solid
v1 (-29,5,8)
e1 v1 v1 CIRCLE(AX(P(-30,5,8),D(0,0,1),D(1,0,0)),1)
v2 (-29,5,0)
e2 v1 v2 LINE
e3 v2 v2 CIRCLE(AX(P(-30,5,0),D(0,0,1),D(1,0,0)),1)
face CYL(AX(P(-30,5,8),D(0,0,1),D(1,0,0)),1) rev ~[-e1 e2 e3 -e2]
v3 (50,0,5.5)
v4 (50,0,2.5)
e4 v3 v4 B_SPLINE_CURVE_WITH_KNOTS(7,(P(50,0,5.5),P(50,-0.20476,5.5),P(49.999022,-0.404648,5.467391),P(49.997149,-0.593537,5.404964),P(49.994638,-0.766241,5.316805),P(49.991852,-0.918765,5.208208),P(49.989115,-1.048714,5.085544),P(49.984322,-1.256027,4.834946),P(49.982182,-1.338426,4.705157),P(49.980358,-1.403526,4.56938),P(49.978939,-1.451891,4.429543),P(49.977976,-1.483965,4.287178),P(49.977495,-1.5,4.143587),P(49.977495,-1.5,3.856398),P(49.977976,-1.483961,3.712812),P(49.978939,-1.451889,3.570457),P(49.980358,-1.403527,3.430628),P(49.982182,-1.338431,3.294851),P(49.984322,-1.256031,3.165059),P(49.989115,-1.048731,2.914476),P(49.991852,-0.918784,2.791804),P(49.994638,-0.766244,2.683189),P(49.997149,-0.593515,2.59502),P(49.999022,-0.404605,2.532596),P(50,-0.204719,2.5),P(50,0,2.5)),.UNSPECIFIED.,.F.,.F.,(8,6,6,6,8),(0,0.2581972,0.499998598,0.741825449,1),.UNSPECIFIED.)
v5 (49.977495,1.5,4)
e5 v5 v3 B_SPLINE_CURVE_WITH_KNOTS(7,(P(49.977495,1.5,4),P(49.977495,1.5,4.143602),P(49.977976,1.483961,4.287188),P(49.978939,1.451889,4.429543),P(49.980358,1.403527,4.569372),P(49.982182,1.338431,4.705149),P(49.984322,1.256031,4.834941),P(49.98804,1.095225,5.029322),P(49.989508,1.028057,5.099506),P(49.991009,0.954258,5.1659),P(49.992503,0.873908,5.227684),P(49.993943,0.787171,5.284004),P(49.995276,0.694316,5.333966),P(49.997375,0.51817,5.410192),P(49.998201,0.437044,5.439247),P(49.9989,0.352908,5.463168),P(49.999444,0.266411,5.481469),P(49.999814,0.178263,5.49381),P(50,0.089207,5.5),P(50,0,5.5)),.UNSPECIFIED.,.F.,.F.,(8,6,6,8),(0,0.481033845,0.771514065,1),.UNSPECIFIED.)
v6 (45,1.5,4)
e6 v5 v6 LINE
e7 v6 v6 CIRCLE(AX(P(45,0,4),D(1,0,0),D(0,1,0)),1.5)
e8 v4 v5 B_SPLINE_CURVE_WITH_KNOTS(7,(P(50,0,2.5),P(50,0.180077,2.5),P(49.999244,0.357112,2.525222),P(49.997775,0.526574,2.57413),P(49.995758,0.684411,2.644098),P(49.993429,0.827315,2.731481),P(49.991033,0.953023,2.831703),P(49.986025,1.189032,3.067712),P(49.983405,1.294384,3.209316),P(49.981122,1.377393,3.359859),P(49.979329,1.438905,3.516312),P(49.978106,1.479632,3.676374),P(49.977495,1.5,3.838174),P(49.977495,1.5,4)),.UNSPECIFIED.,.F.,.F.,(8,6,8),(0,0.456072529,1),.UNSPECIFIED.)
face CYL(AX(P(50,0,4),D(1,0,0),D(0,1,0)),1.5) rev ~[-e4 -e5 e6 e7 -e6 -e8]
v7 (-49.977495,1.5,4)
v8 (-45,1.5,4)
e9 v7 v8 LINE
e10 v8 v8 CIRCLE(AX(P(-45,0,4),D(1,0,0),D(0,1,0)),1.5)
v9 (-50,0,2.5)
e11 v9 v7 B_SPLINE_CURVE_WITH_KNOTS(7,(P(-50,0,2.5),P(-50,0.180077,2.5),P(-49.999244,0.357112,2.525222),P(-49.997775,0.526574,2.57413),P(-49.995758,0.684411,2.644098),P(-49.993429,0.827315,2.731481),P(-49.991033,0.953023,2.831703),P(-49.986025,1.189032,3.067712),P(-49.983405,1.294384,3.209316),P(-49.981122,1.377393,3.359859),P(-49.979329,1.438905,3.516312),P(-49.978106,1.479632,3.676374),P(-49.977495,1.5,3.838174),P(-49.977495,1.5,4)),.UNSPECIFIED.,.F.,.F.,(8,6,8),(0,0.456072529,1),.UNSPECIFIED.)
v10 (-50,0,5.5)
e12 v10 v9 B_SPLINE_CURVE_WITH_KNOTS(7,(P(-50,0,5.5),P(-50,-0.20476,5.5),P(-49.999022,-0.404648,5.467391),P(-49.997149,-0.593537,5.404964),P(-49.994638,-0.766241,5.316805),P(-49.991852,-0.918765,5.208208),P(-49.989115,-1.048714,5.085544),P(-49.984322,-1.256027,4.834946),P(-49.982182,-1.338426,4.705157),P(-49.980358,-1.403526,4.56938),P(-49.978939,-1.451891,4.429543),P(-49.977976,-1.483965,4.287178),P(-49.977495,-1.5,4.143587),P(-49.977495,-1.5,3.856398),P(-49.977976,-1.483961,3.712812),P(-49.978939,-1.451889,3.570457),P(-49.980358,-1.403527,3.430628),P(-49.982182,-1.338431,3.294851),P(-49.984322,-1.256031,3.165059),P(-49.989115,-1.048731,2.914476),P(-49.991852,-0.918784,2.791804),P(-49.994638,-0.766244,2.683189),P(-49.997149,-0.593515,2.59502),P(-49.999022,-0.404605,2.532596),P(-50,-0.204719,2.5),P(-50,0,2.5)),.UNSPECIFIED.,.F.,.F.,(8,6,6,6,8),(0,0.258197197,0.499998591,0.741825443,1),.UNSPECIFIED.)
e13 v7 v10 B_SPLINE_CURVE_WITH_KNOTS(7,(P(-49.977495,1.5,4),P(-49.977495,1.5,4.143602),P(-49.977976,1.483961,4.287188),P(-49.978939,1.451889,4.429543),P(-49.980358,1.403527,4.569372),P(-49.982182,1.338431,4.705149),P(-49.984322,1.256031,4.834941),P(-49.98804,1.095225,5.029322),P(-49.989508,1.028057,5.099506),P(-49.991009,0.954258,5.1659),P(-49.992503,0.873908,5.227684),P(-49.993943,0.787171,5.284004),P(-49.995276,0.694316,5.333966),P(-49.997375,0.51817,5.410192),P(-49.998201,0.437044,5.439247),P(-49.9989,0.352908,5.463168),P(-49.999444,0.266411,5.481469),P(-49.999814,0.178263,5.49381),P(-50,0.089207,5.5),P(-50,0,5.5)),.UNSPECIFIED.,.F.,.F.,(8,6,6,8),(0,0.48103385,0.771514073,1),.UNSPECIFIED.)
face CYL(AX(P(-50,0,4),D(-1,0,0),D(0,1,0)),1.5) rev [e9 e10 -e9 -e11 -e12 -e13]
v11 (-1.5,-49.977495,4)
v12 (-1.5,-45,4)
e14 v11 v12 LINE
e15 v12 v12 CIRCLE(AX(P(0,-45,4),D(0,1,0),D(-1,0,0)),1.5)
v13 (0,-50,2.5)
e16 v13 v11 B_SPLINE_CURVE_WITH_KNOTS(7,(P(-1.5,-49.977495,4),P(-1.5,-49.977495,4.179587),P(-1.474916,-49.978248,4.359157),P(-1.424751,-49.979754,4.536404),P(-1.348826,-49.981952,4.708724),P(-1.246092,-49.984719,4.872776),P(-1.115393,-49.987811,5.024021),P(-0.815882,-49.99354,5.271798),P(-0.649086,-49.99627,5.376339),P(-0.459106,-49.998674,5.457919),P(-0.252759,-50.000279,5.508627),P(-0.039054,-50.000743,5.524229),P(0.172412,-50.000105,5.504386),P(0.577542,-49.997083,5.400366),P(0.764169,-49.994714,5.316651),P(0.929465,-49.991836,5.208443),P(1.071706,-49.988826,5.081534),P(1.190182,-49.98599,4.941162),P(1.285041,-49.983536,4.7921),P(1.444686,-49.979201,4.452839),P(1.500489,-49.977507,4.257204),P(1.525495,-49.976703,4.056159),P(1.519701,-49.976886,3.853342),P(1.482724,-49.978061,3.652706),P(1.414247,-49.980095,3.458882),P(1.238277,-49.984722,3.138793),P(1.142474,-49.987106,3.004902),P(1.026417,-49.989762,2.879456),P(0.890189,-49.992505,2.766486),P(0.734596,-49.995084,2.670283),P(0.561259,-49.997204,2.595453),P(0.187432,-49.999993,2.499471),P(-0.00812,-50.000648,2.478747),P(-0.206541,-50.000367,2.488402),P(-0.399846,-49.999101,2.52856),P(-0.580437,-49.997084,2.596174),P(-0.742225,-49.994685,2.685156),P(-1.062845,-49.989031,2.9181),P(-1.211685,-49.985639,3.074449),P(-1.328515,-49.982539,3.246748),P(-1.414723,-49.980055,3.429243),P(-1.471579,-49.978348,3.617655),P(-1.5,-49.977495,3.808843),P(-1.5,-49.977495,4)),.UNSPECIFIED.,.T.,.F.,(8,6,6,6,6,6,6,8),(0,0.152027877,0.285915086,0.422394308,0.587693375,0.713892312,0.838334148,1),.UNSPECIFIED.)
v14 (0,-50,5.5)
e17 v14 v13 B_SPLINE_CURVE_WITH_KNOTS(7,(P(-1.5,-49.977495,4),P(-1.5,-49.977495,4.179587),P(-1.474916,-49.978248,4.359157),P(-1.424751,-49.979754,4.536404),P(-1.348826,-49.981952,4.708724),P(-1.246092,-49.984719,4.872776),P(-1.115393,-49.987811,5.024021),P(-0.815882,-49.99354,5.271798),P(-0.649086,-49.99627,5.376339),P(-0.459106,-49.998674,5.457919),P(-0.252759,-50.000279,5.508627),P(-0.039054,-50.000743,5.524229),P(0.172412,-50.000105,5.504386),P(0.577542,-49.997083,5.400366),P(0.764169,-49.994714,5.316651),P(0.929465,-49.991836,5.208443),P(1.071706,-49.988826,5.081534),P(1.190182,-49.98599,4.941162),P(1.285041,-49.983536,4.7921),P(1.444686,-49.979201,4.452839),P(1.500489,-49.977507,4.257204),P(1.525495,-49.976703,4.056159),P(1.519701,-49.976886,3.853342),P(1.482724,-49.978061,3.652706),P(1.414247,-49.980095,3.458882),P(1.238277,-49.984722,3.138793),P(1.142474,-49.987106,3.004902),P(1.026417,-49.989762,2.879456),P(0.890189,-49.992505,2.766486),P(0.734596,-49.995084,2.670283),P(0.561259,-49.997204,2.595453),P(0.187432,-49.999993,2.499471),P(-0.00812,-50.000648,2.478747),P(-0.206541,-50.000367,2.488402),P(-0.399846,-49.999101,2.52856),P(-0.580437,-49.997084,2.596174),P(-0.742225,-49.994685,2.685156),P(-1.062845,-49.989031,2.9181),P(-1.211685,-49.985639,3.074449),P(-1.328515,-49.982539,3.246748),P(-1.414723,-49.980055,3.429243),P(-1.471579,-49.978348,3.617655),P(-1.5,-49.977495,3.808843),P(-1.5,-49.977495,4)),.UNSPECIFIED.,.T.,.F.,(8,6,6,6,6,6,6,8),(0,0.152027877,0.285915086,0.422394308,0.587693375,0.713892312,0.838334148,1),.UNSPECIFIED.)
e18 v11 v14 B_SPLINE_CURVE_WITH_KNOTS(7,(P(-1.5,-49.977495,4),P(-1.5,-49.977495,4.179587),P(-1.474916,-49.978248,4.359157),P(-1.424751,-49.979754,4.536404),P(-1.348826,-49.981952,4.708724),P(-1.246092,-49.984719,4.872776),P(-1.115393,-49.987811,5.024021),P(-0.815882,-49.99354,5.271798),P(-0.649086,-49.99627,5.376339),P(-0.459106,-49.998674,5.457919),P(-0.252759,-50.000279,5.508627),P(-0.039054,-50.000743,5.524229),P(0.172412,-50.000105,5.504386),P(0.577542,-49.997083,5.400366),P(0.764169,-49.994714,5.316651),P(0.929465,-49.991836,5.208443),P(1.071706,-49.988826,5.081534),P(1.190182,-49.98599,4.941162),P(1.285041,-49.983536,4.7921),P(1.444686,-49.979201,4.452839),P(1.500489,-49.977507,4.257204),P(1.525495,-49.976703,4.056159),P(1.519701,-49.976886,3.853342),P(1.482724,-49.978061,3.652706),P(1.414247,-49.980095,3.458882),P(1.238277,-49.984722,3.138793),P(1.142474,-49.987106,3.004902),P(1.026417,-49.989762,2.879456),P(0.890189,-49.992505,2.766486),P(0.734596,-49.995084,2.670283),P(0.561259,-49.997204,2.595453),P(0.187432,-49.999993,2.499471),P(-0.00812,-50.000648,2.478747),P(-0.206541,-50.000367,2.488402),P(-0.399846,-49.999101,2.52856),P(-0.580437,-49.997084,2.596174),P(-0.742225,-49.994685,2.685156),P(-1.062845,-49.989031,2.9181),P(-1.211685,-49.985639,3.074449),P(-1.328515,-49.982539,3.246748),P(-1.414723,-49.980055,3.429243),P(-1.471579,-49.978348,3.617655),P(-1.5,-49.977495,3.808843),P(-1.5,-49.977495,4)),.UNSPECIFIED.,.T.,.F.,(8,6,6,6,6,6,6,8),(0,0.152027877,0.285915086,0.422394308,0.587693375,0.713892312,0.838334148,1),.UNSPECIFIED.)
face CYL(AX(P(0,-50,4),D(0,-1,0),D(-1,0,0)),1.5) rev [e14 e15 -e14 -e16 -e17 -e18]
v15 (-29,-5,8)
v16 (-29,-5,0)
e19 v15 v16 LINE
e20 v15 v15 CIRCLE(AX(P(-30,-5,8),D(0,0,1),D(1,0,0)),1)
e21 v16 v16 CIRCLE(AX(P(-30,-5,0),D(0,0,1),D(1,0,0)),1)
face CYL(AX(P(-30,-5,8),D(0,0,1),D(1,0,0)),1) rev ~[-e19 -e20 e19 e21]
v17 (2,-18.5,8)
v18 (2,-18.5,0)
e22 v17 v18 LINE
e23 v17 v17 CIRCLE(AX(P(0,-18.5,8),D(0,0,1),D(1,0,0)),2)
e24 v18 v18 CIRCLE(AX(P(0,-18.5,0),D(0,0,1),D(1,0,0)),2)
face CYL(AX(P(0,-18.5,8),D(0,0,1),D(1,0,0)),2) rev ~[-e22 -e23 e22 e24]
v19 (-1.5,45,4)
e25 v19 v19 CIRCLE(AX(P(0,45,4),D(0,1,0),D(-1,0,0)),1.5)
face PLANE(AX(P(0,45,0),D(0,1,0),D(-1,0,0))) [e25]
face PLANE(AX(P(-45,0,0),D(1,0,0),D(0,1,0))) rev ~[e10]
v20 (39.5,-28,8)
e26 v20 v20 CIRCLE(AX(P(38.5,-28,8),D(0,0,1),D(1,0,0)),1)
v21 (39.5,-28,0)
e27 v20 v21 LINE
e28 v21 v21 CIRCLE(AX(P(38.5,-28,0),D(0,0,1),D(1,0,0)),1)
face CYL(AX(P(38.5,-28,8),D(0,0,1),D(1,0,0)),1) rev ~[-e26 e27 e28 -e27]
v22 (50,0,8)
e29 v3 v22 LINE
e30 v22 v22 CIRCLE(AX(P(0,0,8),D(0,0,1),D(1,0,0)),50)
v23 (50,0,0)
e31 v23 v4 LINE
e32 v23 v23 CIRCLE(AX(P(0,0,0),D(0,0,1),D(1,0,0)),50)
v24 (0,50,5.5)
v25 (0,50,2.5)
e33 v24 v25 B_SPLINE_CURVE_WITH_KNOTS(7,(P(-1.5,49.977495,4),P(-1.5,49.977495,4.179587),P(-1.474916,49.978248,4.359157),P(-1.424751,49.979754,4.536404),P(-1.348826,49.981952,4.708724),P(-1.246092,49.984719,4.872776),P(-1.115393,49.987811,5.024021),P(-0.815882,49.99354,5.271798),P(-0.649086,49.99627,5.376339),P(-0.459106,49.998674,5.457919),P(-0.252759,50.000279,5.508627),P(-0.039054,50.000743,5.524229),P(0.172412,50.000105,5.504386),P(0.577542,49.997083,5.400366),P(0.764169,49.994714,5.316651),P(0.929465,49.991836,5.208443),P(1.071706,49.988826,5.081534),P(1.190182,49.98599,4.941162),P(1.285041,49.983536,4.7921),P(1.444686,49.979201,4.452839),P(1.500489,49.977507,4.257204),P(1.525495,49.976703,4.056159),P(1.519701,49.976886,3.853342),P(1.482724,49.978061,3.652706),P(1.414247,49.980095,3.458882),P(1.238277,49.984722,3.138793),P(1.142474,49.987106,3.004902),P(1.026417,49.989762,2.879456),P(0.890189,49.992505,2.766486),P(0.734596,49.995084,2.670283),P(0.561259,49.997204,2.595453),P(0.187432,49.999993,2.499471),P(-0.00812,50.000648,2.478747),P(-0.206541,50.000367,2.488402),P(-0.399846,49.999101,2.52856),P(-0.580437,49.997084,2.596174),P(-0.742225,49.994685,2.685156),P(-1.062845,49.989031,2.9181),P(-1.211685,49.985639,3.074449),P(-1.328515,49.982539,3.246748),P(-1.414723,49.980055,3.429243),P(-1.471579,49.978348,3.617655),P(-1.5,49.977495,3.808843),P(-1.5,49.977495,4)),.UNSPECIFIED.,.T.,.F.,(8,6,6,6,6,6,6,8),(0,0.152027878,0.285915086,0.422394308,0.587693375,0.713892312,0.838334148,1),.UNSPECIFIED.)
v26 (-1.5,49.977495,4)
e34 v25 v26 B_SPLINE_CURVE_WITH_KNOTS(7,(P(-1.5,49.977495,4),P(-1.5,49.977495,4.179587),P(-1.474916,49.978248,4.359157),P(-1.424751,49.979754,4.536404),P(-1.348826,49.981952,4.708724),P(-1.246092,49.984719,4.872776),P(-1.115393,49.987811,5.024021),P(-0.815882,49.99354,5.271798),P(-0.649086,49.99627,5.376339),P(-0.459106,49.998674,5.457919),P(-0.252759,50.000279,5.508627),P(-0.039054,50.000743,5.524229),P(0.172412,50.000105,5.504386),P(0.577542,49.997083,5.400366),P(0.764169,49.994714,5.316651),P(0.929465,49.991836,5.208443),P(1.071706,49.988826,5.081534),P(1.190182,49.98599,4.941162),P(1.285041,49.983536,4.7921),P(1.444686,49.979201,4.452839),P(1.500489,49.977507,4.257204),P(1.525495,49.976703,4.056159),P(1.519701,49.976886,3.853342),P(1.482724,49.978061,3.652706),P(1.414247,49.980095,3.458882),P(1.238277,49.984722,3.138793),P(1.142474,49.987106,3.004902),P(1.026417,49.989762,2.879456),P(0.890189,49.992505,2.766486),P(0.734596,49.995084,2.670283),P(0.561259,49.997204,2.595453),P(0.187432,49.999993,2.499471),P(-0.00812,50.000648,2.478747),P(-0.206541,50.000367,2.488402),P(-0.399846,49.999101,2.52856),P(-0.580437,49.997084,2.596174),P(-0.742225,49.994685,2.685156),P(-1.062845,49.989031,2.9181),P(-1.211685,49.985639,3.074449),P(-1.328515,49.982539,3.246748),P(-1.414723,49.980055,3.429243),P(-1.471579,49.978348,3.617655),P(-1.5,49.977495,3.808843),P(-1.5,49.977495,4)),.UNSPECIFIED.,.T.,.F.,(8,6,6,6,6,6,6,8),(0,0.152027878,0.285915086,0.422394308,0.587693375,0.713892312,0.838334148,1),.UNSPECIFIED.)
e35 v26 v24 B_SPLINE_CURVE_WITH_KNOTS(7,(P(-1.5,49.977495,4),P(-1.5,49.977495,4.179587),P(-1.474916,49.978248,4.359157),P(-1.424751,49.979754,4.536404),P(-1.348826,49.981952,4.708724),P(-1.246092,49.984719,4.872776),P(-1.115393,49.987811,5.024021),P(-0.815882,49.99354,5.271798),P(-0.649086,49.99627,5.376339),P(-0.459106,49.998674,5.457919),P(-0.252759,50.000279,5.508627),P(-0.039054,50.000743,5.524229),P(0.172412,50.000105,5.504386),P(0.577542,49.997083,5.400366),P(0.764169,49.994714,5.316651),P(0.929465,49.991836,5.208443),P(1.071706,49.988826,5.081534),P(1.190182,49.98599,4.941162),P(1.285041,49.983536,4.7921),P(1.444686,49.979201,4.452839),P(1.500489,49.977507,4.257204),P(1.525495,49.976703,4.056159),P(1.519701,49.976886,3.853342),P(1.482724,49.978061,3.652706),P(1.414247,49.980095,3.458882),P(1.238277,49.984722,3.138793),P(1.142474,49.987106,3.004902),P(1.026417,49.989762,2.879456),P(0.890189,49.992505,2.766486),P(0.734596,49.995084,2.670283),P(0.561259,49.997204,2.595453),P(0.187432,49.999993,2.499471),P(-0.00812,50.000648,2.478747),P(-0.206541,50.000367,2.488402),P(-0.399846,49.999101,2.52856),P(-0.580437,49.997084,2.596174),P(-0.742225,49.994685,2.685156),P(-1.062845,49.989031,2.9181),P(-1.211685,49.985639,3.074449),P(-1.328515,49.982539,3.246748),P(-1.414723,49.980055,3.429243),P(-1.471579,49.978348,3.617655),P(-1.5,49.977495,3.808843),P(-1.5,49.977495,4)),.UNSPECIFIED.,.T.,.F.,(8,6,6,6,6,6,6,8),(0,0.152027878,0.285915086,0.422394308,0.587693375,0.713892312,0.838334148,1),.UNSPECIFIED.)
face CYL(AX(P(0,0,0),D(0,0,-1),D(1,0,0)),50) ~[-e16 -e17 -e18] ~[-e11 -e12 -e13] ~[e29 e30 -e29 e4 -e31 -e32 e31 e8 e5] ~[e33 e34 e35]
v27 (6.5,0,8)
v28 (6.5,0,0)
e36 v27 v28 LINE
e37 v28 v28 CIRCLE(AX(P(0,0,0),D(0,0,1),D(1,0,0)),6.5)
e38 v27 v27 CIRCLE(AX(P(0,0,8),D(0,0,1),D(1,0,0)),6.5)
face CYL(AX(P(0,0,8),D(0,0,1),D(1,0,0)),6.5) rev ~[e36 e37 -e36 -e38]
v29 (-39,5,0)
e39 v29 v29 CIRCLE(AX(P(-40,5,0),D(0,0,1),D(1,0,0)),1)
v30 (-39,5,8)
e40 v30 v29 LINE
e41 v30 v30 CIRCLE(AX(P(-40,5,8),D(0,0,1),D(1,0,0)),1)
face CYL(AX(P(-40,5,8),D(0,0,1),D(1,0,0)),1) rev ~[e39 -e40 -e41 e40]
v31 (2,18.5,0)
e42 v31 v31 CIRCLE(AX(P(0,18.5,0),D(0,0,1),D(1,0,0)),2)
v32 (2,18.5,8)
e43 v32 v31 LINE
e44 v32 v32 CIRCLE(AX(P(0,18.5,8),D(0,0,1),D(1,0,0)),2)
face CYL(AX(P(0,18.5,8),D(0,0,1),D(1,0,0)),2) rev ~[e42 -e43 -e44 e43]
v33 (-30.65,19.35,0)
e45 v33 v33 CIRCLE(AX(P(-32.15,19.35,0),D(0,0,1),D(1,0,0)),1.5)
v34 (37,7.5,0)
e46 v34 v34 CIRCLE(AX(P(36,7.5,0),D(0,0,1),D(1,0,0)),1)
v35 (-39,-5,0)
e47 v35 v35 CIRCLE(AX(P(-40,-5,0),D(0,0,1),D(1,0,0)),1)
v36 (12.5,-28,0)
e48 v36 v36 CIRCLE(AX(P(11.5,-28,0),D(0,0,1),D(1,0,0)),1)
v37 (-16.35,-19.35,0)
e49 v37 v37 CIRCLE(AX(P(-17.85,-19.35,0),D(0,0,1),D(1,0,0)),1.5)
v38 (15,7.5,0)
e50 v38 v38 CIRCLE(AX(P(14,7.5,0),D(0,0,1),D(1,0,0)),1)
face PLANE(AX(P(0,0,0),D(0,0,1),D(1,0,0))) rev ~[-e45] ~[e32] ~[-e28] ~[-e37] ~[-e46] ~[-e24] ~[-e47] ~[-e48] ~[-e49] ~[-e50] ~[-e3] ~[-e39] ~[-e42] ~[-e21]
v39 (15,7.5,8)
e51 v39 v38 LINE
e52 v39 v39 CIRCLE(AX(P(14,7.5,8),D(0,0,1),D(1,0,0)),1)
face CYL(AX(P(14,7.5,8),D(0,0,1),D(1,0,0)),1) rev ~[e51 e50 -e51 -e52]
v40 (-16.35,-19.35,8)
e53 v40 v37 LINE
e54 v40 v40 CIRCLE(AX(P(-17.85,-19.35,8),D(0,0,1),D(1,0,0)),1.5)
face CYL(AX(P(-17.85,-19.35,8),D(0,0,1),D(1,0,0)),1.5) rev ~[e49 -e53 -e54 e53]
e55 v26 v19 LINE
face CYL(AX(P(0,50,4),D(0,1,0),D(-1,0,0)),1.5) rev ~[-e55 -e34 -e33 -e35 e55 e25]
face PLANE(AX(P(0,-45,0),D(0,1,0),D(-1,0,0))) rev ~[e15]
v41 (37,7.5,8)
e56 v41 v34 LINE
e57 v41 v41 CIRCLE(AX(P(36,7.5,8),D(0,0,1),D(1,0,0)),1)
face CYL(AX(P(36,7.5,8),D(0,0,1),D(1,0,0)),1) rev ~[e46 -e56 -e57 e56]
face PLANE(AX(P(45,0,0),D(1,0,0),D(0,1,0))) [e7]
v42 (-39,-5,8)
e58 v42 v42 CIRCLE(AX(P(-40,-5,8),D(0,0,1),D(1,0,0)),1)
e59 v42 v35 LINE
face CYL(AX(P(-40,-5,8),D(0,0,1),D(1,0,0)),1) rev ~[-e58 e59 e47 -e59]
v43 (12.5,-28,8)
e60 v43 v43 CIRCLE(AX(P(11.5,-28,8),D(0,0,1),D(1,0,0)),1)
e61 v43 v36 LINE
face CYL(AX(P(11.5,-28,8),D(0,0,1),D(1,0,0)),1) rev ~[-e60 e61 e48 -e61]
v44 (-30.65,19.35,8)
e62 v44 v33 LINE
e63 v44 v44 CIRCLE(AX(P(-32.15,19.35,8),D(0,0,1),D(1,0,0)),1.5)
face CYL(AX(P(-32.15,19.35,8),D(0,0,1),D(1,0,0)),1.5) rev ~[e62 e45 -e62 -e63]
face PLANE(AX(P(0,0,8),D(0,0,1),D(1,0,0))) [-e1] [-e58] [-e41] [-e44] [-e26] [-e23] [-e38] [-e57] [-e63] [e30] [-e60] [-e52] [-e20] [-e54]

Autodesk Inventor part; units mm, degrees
sketch "スケッチ1" plane through (0, 0, 0) normal (0, 0, 1) x (1, 0, 0)
  circle A0 centre (0, 0) radius 50
  dimension "d0" = 100
extrude "押し出し1" add sketch "スケッチ1" along normal blind 8
ref_plane "作業平面1" through (50, 0, 0) normal (1, 0, 0) x (0, 1, 0)
ref_plane "作業平面2" through (-50, 0, 0) normal (1, 0, 0) x (0, 1, 0)
ref_plane "作業平面3" through (0, 50, 0) normal (0, 1, 0) x (-1, 0, 0)
ref_plane "作業平面4" through (0, -50, 0) normal (0, 1, 0) x (-1, 0, 0)
sketch "スケッチ2" plane through (50, 0, 0) normal (1, 0, 0) x (0, 1, 0)
  line L0 (0, 0) -> (0, 4) construction
  circle A0 centre (0, 4) radius 1.5
  dimension "d7" = 4
  dimension "d8" = 3
extrude "押し出し2" cut sketch "スケッチ2" against normal blind 5
sketch "スケッチ3" plane through (-50, 0, 0) normal (1, 0, 0) x (0, 1, 0)
  line L0 (0, 0) -> (0, 4) construction
  circle A0 centre (0, 4) radius 1.5
  dimension "d11" = 4
  dimension "d12" = 3
extrude "押し出し3" cut sketch "スケッチ3" along normal blind 5
sketch "スケッチ4" plane through (0, 50, 0) normal (0, 1, 0) x (-1, 0, 0)
  line L0 (0, 0) -> (0, 4) construction
  circle A0 centre (0, 4) radius 1.5
  dimension "d15" = 4
  dimension "d16" = 3
extrude "押し出し4" cut sketch "スケッチ4" against normal blind 5
sketch "スケッチ5" plane through (0, -50, 0) normal (0, 1, 0) x (-1, 0, 0)
  line L0 (0, 0) -> (0, 4) construction
  circle A0 centre (0, 4) radius 1.5
  dimension "d19" = 4
  dimension "d20" = 3
extrude "押し出し5" cut sketch "スケッチ5" along normal blind 5
thread "ねじ1" size "M3x0.5" class "6H" standard "ANSI Metric M Profile" full length
thread "ねじ2" size "M3x0.5" class "6H" standard "ANSI Metric M Profile" full length
thread "ねじ3" size "M3x0.5" class "6H" standard "ANSI Metric M Profile" full length
thread "ねじ4" size "M3x0.5" class "6H" standard "ANSI Metric M Profile" full length
sketch "スケッチ8" plane through (0, 0, 8) normal (0, 0, 1) x (1, 0, 0)
  line L0 (0, 0) -> (0, 18.5) construction
  line L1 (0, 0) -> (0, -18.5) construction
  circle A0 centre (0, 18.5) radius 2
  circle A1 centre (0, -18.5) radius 2
  circle A2 centre (0, 0) radius 6.5
  dimension "d62" = 18.5
  dimension "d63" = 18.5
  dimension "d64" = 4
  dimension "d65" = 4
  dimension "d66" = 13
extrude "押し出し7" cut sketch "スケッチ8" against normal blind 8
thread "ねじ7" size "M4x0.7" class "6H" standard "ANSI Metric M Profile" full length
thread "ねじ8" size "M4x0.7" class "6H" standard "ANSI Metric M Profile" full length
sketch "スケッチ9" plane through (0, 0, 8) normal (0, 0, 1) x (1, 0, 0)
  line L0 (0, 0) -> (25, 0) construction
  line L1 (25, 0) -> (25, -1) construction
  line L2 (25, 0) -> (25, 7.5) construction
  circle A0 centre (36, 7.5) radius 1
  line L3 (36, 7.5) -> (14, 7.5) construction
  circle A1 centre (14, 7.5) radius 1
  line L4 (25, -1) -> (25, -10) construction
  line L5 (25, -10) -> (25, -28) construction
  circle A2 centre (11.5, -28) radius 1
  line L6 (25, 0) -> (9, 0) construction
  line L7 (9, 0) -> (9, -31) construction
  line L8 (9, -31) -> (41, -31) construction
  line L9 (41, -31) -> (41, 0) construction
  line L10 (25, 0) -> (25, 12) construction
  line L11 (14.417, 12) -> (35.583, 12) construction
  arc A3 (14.757, 12.2915) -> (9, 0) centre (25, 0) ccw construction
  arc A4 (41, 0) -> (35.583, 12) centre (25, 0) ccw construction
  line L12 (11.5, -28) -> (38.5, -28) construction
  circle A5 centre (38.5, -28) radius 1
  dimension "d92" = 25
  dimension "d103" = 7.5
  dimension "d105" = 2
  dimension "d108" = 2
  dimension "d117" = 2
  dimension "d129" = 16
  dimension "d130" = 31
  dimension "d131" = 32
  dimension "d134" = 22
  dimension "d146" = 28
  dimension "d147" = 27
  dimension "d148" = 2
sketch "スケッチ10" plane through (0, 0, 8) normal (0, 0, 1) x (1, 0, 0)
  line L0 (0, 0) -> (-25, 0) construction
  line L1 (-35.65, 22.85) -> (-14.35, 22.85) construction
  line L2 (-14.35, 22.85) -> (-14.35, -22.85) construction
  line L3 (-14.35, -22.85) -> (-35.65, -22.85) construction
  line L4 (-35.65, -22.85) -> (-35.65, 22.85) construction
  line L5 (-35.65, 22.85) -> (-14.35, -22.85) construction
  line L6 (-14.35, 22.85) -> (-35.65, -22.85) construction
  line L7 (-35.65, 22.85) -> (-32.15, 22.85) construction
  line L8 (-32.15, 22.85) -> (-32.15, 19.35) construction
  line L9 (-32.15, 19.35) -> (-35.65, 19.35) construction
  line L10 (-35.65, 19.35) -> (-35.65, 22.85) construction
  line L11 (-14.35, -22.85) -> (-17.85, -22.85) construction
  line L12 (-17.85, -22.85) -> (-17.85, -19.35) construction
  line L13 (-17.85, -19.35) -> (-14.35, -19.35) construction
  line L14 (-14.35, -19.35) -> (-14.35, -22.85) construction
  circle A0 centre (-32.15, 19.35) radius 1.5
  circle A1 centre (-17.85, -19.35) radius 1.5
  dimension "d135" = 25
  dimension "d136" = 21.3
  dimension "d137" = 45.7
  dimension "d138" = 3.5
  dimension "d139" = 3.5
  dimension "d140" = 3.5
  dimension "d141" = 3.5
  dimension "d142" = 3
  dimension "d143" = 3
extrude "押し出し10" cut sketch "スケッチ10" against normal blind 8
extrude "押し出し11" cut sketch "スケッチ9" against normal blind 8
sketch "スケッチ13" plane through (0, 0, 8) normal (0, 0, 1) x (1, 0, 0)
  line L0 (0, 0) -> (-35, 0) construction
  line L1 (-40, 5) -> (-30, 5) construction
  line L2 (-30, 5) -> (-30, -5) construction
  line L3 (-30, -5) -> (-40, -5) construction
  line L4 (-40, -5) -> (-40, 5) construction
  line L5 (-40, 5) -> (-30, -5) construction
  line L6 (-30, 5) -> (-40, -5) construction
  circle A0 centre (-30, 5) radius 1
  circle A1 centre (-30, -5) radius 1
  circle A2 centre (-40, 5) radius 1
  circle A3 centre (-40, -5) radius 1
  dimension "d151" = 35
  dimension "d152" = 10
  dimension "d153" = 10
  dimension "d154" = 2
  dimension "d155" = 2
  dimension "d156" = 2
  dimension "d157" = 2
extrude "押し出し12" cut sketch "スケッチ13" against normal blind 8
properties part number "outsideCover"
